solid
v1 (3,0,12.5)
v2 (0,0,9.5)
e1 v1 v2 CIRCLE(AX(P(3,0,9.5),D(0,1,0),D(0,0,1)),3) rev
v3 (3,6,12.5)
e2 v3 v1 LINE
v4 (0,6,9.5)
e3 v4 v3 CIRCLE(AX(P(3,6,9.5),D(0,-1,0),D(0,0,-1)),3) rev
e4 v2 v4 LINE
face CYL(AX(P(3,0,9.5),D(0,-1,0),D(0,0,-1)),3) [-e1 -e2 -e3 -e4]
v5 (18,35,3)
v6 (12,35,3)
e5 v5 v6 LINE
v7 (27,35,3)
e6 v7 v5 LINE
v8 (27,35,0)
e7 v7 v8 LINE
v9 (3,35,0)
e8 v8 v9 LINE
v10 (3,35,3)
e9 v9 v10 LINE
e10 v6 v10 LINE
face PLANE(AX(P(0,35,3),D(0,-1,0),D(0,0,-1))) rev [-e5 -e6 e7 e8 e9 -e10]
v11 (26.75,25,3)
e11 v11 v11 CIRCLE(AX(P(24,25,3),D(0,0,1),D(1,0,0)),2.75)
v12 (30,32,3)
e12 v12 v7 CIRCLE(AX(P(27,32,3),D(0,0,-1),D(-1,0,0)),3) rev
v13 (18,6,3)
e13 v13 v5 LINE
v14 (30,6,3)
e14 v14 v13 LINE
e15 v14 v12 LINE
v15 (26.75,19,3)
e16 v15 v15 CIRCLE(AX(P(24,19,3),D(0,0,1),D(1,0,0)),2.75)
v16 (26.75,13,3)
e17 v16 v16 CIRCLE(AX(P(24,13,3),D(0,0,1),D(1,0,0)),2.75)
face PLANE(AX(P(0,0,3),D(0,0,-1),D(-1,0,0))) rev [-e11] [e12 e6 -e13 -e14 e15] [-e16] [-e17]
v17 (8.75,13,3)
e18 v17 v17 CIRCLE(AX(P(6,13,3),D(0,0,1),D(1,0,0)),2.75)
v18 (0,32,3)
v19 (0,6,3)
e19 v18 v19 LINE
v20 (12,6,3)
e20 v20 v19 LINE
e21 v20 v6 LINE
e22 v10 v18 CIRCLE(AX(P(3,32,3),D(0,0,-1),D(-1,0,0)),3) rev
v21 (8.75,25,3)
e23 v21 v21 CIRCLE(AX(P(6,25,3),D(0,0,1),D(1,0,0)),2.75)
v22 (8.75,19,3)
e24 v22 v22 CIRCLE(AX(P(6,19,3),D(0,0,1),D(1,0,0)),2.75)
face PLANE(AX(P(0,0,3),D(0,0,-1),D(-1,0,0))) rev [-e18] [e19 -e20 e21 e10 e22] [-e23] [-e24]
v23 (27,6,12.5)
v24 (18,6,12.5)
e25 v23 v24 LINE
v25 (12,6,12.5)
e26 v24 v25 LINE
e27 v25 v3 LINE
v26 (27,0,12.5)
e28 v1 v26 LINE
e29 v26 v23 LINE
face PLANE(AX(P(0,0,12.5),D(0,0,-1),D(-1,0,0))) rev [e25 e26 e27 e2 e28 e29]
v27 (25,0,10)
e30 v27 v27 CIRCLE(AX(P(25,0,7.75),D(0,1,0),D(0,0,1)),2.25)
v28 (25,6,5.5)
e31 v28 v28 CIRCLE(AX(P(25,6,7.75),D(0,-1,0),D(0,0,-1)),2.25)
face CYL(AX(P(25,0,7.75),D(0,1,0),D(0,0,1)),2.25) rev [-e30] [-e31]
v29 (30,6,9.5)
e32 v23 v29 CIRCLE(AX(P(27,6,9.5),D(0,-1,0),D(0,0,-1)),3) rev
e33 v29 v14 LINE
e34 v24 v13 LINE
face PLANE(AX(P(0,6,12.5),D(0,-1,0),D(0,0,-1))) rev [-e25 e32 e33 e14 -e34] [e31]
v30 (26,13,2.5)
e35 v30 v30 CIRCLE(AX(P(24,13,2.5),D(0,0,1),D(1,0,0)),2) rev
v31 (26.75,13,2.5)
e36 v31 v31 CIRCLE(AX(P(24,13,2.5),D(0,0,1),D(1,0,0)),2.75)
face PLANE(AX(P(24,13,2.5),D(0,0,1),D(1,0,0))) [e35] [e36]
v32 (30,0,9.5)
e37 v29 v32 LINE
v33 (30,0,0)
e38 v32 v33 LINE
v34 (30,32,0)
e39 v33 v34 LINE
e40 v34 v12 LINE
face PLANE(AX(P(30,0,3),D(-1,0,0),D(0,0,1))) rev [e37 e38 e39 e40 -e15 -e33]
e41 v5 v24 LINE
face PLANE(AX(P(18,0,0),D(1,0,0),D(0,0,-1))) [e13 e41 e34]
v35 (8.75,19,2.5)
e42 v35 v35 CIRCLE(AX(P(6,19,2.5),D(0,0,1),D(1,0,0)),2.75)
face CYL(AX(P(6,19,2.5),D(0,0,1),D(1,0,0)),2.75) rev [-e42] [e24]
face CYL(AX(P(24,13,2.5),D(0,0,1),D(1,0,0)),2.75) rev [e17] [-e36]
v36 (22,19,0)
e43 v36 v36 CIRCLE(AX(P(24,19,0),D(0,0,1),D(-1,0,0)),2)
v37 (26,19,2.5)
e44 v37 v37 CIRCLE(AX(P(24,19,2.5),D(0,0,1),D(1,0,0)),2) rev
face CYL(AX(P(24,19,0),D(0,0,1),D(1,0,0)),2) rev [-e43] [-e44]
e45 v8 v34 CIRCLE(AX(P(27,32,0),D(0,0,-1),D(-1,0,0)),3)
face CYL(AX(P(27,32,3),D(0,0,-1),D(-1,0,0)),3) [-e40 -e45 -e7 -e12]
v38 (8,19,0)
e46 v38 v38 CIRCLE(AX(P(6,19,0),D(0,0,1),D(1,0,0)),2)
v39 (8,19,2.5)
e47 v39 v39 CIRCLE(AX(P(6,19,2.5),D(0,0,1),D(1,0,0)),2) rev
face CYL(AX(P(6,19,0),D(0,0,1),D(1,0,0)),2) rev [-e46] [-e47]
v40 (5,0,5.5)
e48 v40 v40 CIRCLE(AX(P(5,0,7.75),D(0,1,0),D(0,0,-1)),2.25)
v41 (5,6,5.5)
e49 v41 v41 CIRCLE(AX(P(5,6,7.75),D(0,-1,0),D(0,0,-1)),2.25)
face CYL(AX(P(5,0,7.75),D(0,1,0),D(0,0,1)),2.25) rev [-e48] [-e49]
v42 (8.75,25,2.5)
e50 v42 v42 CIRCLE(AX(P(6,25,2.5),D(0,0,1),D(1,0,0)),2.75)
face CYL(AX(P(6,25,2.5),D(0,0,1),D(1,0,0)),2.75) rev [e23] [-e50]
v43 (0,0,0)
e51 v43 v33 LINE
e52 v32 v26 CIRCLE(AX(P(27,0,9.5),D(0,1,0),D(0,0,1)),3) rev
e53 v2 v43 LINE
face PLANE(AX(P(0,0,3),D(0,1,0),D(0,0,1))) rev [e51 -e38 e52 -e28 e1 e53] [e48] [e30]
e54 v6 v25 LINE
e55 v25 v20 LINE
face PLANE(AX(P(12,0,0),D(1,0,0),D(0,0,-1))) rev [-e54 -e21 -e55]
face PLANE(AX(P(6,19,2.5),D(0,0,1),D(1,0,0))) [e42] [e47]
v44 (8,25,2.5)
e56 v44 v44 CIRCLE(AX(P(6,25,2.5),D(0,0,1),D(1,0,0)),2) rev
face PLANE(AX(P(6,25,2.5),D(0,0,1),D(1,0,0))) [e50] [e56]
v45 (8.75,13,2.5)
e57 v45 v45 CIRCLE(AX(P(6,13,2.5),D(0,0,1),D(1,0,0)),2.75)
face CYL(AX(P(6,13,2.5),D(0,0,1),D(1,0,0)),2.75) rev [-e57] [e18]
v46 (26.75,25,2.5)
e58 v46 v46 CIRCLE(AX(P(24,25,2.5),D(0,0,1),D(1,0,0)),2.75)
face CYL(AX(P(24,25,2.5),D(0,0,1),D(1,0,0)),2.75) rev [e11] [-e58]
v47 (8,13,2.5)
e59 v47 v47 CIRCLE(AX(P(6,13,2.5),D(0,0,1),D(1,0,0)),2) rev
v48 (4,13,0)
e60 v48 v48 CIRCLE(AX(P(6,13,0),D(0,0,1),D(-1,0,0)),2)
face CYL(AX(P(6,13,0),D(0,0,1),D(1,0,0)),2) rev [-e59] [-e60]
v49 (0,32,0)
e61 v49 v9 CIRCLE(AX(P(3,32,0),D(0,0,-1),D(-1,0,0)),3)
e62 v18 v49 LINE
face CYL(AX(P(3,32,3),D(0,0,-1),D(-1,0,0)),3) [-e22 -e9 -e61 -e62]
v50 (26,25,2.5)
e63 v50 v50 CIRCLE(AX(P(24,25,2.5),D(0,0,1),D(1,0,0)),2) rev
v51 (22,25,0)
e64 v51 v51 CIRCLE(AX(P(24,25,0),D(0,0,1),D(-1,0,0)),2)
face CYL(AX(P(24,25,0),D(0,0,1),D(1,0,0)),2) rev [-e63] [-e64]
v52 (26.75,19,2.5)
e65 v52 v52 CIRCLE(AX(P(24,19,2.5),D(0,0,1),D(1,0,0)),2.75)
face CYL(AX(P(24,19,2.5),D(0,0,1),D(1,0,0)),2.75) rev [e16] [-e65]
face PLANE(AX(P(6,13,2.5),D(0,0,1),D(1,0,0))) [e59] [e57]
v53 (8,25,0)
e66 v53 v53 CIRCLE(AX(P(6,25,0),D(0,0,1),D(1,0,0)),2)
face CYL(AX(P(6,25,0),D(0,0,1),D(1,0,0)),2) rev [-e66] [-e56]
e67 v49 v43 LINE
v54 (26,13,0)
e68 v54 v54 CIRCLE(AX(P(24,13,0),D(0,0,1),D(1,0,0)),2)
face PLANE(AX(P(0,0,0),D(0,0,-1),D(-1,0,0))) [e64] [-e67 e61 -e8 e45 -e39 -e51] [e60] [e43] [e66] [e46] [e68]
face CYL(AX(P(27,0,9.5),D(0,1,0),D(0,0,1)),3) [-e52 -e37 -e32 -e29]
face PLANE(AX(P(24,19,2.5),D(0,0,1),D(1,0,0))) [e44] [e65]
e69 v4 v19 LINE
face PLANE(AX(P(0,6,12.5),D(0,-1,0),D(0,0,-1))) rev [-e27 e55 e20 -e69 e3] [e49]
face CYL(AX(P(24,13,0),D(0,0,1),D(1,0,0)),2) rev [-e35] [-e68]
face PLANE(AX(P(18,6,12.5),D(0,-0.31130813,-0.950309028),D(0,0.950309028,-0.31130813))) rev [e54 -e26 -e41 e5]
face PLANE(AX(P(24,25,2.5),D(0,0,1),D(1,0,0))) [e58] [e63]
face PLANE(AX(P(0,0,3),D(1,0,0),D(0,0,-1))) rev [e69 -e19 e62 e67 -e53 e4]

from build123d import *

# Parameters (mm, degrees)
ESQUISSE1_W                  = 30
ESQUISSE1_H                  = 35
BOSS_EXTRU_1_DEPTH           = 3
ESQUISSE2_R                  = 2
ENL_V_MAT_EXTRU_1_DEPTH      = 1
ENL_V_MAT_EXTRU_1_DEPTH_BACK = 4
ESQUISSE3_W                  = 30
ESQUISSE3_H                  = 6
BOSS_EXTRU_2_DEPTH           = 9.5
ESQUISSE4_R                  = 2.25
ENL_V_MAT_EXTRU_2_DEPTH      = 30
ENL_V_MAT_EXTRU_2_DEPTH_BACK = 7
BOSS_EXTRU_3_START           = -18
BOSS_EXTRU_3_DEPTH           = 6
CONG_1_R                     = 3
ESQUISSE6_R                  = 2.75
ENL_V_MAT_EXTRU_3_DEPTH      = 0.5


with BuildPart() as part:
    # Esquisse1 → Boss.-Extru.1 (new body)
    with BuildSketch(Plane.XY):
        with Locations((15, 17.5)):
            Rectangle(ESQUISSE1_W, ESQUISSE1_H)
    extrude(amount=BOSS_EXTRU_1_DEPTH)

    # Esquisse2 → Enlèv. mat.-Extru.1 (cut, two sides)
    with BuildSketch(Plane.XY.offset(3)) as enl_v_mat_extru_1_sk:
        with Locations((6, 25)):
            Circle(ESQUISSE2_R)
        with Locations((24, 25)):
            Circle(ESQUISSE2_R)
        with Locations((24, 13)):
            Circle(ESQUISSE2_R)
        with Locations((6, 13)):
            Circle(ESQUISSE2_R)
        with Locations((6, 19)):
            Circle(ESQUISSE2_R)
        with Locations((24, 19)):
            Circle(ESQUISSE2_R)
    extrude(amount=ENL_V_MAT_EXTRU_1_DEPTH, mode=Mode.SUBTRACT)
    extrude(enl_v_mat_extru_1_sk.sketch, amount=-ENL_V_MAT_EXTRU_1_DEPTH_BACK, mode=Mode.SUBTRACT)

    # Esquisse3 → Boss.-Extru.2 (add)
    with BuildSketch(Plane.XY.offset(3)):
        with Locations((15, 3)):
            Rectangle(ESQUISSE3_W, ESQUISSE3_H)
    extrude(amount=BOSS_EXTRU_2_DEPTH)

    # Esquisse4 → Enlèv. mat.-Extru.2 (cut, two sides)
    with BuildSketch(Plane(origin=(0, 6, 0), x_dir=(1, 0, 0), z_dir=(0, 1, 0))) as enl_v_mat_extru_2_sk:
        with Locations((25, -7.75)):
            Circle(ESQUISSE4_R)
        with Locations((5, -7.75)):
            Circle(ESQUISSE4_R)
    extrude(amount=ENL_V_MAT_EXTRU_2_DEPTH, mode=Mode.SUBTRACT)
    extrude(enl_v_mat_extru_2_sk.sketch, amount=-ENL_V_MAT_EXTRU_2_DEPTH_BACK, mode=Mode.SUBTRACT)

    # Esquisse5 → Boss.-Extru.3 (add)
    with BuildSketch(Plane(origin=(30, 0, 0), x_dir=(0, 0, -1), z_dir=(1, 0, 0)).offset(BOSS_EXTRU_3_START)):
        Polygon((-12.5, 6), (-3, 35), (-3, 6), align=None)
    extrude(amount=BOSS_EXTRU_3_DEPTH)

    # Congé1
    cong_1_edges = [part.edges().sort_by_distance(p)[0] for p in [
        (0, 3, 12.5),
        (30, 3, 12.5),
        (0, 35, 1.5),
        (30, 35, 1.5),
    ]]
    fillet(cong_1_edges, radius=CONG_1_R)

    # Esquisse6 → Enlèv. mat.-Extru.3 (cut)
    with BuildSketch(Plane.XY.offset(3)):
        with Locations((24, 25)):
            Circle(ESQUISSE6_R)
        with Locations((24, 19)):
            Circle(ESQUISSE6_R)
        with Locations((24, 13)):
            Circle(ESQUISSE6_R)
        with Locations((6, 13)):
            Circle(ESQUISSE6_R)
        with Locations((6, 19)):
            Circle(ESQUISSE6_R)
        with Locations((6, 25)):
            Circle(ESQUISSE6_R)
    extrude(amount=-ENL_V_MAT_EXTRU_3_DEPTH, mode=Mode.SUBTRACT)


solid = part.part
